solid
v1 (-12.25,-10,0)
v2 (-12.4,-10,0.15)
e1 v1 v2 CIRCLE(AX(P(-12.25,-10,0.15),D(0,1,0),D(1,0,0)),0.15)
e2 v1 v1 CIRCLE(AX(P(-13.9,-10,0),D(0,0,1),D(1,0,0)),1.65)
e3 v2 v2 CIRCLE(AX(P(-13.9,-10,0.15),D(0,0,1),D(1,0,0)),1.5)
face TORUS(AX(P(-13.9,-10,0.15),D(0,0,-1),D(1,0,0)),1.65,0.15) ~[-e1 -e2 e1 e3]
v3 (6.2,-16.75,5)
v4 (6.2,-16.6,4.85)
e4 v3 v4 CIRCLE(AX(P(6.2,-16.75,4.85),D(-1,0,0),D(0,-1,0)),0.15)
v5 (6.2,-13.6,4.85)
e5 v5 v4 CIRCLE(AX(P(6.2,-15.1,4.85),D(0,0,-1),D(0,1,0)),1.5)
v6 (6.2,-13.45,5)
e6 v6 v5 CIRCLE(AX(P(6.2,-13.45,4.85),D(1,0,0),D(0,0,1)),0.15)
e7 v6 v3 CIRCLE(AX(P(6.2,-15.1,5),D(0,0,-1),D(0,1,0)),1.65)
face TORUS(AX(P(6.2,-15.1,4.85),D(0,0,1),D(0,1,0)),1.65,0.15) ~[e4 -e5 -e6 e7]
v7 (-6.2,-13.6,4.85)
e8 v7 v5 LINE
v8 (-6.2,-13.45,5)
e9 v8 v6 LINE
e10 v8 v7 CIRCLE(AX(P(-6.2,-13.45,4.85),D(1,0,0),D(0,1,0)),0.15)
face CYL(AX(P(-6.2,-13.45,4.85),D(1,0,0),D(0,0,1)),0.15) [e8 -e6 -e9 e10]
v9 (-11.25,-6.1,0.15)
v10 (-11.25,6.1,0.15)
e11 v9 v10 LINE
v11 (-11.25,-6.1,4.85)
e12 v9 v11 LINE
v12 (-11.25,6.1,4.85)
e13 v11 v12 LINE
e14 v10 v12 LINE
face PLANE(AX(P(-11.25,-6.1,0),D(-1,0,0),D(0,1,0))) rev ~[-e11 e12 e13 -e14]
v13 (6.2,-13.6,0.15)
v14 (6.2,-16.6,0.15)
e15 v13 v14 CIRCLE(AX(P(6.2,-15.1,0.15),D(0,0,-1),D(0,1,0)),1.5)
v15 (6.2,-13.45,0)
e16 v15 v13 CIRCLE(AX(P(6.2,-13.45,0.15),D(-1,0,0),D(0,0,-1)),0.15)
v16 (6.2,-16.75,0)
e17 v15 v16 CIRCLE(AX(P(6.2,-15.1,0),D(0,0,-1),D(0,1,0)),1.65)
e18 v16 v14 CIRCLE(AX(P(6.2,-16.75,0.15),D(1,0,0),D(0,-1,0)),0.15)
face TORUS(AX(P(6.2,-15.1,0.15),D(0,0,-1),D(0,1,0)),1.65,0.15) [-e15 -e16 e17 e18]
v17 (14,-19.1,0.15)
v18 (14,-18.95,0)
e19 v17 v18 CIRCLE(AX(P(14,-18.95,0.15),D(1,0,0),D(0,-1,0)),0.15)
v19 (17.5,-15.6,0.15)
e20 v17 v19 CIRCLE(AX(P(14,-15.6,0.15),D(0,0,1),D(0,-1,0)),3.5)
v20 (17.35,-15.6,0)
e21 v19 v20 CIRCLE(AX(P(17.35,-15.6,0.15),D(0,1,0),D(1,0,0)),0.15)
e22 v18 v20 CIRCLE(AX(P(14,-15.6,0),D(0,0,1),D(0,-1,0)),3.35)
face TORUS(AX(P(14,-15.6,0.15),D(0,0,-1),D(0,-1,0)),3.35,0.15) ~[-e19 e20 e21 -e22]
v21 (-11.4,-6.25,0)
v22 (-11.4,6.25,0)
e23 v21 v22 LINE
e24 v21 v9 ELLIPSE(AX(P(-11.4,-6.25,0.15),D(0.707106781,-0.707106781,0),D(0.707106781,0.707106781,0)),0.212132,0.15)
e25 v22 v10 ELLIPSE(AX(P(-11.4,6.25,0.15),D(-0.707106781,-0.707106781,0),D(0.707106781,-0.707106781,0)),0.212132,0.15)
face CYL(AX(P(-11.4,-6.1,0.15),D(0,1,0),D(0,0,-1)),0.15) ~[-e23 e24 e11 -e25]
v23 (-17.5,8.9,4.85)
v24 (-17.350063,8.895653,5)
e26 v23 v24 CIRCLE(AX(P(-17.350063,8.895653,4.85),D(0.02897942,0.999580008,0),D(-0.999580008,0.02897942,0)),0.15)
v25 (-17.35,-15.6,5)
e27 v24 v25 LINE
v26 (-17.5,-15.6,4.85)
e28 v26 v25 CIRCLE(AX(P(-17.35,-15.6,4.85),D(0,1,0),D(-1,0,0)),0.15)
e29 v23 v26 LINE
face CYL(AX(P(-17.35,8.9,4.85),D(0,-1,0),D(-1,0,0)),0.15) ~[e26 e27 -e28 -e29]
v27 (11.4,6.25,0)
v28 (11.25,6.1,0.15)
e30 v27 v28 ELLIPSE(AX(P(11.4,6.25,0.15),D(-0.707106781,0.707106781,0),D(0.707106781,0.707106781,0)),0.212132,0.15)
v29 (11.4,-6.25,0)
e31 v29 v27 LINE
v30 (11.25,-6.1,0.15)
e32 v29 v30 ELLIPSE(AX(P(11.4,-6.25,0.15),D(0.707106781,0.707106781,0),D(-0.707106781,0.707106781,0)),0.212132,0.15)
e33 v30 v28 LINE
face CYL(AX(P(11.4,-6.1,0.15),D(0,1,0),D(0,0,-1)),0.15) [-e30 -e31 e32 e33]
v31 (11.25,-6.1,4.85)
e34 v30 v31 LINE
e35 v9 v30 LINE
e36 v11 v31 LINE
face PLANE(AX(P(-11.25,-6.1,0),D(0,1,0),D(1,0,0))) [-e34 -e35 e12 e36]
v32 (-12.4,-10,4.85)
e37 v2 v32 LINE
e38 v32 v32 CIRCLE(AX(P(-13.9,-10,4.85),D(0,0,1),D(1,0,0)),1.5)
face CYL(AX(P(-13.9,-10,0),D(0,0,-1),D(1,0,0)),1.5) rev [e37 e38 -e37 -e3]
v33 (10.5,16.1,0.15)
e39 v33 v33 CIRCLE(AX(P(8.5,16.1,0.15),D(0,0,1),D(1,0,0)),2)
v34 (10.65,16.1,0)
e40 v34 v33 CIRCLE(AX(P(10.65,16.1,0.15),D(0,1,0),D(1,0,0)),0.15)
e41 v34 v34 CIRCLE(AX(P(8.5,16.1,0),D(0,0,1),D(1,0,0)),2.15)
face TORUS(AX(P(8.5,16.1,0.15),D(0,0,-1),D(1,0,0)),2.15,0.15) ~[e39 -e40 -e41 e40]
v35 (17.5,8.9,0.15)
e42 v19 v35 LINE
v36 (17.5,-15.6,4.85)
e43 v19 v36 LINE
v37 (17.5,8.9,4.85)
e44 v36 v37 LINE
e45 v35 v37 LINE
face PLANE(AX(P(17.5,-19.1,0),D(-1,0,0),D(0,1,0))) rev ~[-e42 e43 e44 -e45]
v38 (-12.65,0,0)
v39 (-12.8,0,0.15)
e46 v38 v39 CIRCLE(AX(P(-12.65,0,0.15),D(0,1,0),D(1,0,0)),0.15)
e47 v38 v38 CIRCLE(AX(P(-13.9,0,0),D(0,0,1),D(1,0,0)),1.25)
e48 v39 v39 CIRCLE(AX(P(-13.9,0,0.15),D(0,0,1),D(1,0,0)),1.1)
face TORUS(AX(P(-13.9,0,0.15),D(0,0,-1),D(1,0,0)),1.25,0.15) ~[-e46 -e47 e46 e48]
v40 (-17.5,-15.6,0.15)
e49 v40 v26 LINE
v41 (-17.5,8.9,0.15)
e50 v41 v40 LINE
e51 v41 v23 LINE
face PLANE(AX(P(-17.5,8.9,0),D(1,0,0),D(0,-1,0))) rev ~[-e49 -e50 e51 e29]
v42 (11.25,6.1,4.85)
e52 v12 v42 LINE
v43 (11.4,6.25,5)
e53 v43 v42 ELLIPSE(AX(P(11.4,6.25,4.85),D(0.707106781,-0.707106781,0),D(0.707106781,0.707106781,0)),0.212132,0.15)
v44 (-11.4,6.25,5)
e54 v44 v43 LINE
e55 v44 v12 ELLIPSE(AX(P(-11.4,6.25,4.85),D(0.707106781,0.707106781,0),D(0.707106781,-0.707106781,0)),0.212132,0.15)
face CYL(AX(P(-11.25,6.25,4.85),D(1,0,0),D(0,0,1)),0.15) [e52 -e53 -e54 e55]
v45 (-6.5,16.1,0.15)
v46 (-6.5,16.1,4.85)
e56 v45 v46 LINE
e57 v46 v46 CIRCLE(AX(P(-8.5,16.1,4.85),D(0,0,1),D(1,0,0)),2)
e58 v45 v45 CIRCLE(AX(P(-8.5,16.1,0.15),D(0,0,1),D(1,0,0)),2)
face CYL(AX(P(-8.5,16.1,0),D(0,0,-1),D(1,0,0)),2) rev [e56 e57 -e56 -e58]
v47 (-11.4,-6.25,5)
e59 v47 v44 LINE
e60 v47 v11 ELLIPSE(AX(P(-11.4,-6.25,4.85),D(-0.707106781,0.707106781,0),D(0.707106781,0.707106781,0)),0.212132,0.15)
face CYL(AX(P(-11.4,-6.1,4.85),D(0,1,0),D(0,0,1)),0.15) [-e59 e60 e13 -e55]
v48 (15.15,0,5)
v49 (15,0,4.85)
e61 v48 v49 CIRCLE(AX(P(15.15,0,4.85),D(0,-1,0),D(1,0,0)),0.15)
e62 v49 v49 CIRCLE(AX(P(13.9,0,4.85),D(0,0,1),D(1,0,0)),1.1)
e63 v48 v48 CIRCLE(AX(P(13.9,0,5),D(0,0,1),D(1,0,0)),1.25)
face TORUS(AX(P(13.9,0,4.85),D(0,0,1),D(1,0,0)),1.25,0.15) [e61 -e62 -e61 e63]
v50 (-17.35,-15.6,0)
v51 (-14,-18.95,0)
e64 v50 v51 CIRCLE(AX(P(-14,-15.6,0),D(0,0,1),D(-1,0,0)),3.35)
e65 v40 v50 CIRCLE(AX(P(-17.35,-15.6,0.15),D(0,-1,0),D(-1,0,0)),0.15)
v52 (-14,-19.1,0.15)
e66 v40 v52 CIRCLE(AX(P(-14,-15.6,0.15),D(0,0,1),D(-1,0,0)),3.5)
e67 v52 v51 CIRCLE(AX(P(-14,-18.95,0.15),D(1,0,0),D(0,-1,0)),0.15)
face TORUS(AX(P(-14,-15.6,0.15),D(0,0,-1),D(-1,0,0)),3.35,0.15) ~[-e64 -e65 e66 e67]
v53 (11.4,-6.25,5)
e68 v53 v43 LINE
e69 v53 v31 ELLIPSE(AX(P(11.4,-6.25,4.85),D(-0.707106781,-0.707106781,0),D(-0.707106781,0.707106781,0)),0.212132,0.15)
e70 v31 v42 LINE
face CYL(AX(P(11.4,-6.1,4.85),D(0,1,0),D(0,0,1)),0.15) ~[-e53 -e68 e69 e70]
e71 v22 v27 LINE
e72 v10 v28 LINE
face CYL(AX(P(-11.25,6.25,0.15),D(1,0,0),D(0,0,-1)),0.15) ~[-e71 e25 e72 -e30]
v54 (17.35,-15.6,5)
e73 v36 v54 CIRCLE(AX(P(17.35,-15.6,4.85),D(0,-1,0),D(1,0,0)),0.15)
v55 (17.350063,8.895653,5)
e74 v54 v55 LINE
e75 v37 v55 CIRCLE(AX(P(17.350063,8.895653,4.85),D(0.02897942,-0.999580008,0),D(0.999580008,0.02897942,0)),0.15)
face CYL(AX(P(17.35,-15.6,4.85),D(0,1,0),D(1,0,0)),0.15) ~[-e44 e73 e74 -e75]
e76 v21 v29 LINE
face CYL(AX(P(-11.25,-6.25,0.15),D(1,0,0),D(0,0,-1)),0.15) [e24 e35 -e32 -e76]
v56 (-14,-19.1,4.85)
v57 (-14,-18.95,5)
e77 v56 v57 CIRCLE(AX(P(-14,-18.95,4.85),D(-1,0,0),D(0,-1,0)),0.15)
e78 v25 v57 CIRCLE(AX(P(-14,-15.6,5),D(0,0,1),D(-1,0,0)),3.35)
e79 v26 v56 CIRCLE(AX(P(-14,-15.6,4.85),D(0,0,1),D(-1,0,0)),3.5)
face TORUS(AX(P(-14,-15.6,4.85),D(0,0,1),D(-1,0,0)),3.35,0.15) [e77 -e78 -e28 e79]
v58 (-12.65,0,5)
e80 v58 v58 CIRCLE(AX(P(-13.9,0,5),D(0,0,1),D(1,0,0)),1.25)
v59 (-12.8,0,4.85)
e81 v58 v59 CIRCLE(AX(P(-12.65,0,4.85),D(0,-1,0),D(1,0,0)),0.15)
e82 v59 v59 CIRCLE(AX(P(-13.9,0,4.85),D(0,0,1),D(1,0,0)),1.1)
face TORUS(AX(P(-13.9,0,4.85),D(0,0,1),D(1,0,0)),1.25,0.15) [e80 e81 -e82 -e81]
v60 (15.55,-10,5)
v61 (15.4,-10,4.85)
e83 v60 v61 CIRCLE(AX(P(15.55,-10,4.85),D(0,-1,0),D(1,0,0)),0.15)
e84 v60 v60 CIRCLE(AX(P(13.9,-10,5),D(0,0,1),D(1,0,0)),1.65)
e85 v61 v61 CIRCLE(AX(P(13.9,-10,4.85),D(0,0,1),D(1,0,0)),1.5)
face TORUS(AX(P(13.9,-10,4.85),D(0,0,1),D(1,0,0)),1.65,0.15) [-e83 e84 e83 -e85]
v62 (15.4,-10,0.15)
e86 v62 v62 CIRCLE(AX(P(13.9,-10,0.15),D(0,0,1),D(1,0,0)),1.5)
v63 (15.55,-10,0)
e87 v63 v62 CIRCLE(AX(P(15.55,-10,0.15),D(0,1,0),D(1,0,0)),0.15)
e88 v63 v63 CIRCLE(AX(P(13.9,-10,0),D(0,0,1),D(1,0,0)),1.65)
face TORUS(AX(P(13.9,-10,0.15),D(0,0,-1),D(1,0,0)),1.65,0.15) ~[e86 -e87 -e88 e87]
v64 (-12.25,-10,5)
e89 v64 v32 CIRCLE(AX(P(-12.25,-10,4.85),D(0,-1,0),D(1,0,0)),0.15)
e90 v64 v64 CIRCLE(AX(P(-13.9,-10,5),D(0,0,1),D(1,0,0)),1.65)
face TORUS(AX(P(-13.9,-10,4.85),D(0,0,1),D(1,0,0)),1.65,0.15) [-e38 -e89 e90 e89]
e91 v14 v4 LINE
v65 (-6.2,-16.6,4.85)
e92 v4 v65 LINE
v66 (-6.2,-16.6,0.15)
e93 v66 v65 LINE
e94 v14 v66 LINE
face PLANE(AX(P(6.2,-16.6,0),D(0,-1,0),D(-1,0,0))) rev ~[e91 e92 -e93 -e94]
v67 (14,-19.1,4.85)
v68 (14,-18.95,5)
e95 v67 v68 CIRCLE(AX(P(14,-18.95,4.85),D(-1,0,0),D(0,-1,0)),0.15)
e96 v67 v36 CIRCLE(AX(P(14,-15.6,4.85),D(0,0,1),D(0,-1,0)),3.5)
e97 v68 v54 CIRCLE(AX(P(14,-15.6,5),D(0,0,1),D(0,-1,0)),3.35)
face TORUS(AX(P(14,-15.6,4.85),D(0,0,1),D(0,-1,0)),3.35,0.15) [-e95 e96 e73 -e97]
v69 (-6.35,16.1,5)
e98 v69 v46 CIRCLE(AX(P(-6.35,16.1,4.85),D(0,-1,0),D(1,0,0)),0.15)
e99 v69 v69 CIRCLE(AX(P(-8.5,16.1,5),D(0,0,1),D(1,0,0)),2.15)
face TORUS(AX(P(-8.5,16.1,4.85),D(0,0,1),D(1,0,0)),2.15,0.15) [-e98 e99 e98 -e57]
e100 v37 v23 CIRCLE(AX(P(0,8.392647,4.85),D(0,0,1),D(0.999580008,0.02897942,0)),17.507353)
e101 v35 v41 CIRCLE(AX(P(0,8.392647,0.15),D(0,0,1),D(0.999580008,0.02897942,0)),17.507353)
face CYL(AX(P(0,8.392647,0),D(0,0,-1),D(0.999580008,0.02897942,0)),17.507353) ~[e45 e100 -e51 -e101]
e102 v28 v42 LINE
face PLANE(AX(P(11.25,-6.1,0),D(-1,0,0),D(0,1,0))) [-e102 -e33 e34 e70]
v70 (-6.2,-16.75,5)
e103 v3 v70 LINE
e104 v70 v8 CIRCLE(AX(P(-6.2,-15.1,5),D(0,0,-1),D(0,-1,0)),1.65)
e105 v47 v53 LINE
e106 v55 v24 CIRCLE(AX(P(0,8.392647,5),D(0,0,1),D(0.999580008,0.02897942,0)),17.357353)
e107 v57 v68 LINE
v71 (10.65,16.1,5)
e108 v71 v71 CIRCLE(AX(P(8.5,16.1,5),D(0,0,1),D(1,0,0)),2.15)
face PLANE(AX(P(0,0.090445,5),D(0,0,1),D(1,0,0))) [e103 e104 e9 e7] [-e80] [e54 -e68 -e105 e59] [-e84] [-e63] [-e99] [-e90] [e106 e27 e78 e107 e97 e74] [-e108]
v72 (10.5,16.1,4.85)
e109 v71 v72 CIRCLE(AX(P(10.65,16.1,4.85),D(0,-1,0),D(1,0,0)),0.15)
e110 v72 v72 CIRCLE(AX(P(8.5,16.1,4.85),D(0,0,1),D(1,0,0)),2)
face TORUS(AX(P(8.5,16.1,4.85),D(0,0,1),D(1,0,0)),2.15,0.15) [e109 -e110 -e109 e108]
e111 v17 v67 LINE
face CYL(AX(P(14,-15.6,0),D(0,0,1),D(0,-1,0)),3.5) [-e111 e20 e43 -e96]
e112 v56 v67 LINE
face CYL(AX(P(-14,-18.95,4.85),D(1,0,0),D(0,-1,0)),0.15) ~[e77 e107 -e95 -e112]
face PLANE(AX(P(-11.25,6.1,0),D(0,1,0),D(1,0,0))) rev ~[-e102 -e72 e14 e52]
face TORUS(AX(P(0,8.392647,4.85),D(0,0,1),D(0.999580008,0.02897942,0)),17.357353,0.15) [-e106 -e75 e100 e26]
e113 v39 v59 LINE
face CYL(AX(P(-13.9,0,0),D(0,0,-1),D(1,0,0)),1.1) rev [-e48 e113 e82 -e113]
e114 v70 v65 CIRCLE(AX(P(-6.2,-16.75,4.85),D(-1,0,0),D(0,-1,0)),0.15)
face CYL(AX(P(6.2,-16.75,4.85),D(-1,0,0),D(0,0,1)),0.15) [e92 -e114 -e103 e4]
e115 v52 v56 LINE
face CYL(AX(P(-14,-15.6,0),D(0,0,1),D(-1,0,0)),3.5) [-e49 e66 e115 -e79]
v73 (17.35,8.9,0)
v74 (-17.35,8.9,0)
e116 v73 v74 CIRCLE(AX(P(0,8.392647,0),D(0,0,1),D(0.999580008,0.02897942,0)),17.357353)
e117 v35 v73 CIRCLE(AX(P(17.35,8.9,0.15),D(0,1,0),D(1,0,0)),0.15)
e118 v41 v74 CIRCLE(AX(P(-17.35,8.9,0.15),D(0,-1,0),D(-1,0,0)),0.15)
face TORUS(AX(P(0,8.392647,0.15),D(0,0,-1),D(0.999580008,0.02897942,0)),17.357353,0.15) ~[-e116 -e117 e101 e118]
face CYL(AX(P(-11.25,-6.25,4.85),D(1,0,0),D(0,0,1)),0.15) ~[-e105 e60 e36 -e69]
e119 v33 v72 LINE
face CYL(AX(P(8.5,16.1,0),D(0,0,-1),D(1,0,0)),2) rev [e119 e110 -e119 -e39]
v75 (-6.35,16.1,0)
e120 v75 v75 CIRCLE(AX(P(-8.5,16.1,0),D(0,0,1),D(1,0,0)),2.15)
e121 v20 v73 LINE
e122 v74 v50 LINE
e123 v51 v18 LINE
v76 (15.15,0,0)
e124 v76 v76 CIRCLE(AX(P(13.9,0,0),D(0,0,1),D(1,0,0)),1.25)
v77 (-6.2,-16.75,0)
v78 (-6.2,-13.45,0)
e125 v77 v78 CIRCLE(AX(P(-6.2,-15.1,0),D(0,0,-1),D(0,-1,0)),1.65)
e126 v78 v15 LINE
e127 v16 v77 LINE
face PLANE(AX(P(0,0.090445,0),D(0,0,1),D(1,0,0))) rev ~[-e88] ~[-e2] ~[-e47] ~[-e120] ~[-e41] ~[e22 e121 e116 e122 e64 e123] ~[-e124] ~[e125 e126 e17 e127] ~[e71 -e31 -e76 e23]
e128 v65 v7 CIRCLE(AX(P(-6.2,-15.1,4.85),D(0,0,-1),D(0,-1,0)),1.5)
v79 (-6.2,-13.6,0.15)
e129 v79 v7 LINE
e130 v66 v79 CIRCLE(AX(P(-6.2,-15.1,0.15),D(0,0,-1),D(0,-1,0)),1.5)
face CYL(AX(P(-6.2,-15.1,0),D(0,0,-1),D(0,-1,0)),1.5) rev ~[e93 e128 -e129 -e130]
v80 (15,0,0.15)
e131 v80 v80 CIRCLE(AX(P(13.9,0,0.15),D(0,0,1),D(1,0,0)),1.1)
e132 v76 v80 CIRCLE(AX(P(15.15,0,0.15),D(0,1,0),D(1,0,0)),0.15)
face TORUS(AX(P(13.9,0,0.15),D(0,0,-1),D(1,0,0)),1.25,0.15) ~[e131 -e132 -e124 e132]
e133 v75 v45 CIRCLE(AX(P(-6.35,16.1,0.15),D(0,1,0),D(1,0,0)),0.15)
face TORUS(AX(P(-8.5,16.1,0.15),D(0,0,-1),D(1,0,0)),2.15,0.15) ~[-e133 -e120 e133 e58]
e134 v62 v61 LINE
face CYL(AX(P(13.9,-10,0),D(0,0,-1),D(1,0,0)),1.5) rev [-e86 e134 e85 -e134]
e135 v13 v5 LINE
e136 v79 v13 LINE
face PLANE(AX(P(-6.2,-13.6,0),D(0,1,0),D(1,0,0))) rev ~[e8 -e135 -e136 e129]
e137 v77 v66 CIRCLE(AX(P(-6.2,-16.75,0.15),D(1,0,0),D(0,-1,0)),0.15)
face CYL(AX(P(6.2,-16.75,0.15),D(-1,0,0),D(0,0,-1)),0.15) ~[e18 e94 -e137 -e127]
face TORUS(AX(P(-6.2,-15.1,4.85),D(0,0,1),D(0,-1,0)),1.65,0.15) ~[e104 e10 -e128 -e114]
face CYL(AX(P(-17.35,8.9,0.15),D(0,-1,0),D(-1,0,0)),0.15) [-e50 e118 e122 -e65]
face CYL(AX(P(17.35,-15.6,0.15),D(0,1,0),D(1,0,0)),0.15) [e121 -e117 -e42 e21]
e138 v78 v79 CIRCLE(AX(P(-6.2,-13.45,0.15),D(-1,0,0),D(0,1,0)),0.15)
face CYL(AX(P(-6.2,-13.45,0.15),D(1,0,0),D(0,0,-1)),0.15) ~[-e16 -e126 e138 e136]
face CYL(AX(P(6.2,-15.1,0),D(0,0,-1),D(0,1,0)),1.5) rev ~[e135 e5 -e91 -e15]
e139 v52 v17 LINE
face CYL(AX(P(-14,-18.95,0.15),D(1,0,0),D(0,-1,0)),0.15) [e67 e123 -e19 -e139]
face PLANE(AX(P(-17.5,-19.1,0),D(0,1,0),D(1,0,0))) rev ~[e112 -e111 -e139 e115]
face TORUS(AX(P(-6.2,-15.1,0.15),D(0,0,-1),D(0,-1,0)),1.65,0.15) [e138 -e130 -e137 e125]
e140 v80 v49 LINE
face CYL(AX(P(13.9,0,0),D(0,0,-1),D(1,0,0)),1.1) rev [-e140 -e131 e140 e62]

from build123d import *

# Parameters (mm, degrees)
SZKIC1_R                    = 1.1
SZKIC1_R_2                  = 1.5
SZKIC1_R_3                  = 2
SZKIC1_W                    = 22.5
SZKIC1_H                    = 12.2
DODANIE_WYCI_GNI_CIE1_DEPTH = 5
ZAOKR_GLENIE1_R             = 3.5
ZAOKR_GLENIE2_R             = 0.15


with BuildPart() as part:
    # Szkic1 → Dodanie-wyciągnięcie1 (new body)
    with BuildSketch(Plane.XY):
        with BuildLine():
            Line((-17.5, 8.9), (-17.5, -19.1))
            Line((-17.5, -19.1), (17.5, -19.1))
            Line((17.5, -19.1), (17.5, 8.9))
            ThreePointArc((17.5, 8.9), (0, 25.9), (-17.5, 8.9))
        make_face()
        with Locations((-13.9, 0)):
            Circle(SZKIC1_R, mode=Mode.SUBTRACT)
        with Locations((-13.9, -10)):
            Circle(SZKIC1_R_2, mode=Mode.SUBTRACT)
        with Locations((-8.5, 16.1)):
            Circle(SZKIC1_R_3, mode=Mode.SUBTRACT)
        with Locations((13.9, -10)):
            Circle(SZKIC1_R_2, mode=Mode.SUBTRACT)
        with Locations((13.9, 0)):
            Circle(SZKIC1_R, mode=Mode.SUBTRACT)
        with Locations((8.5, 16.1)):
            Circle(SZKIC1_R_3, mode=Mode.SUBTRACT)
        Rectangle(SZKIC1_W, SZKIC1_H, mode=Mode.SUBTRACT)
        with BuildLine():
            Line((-6.2, -13.6), (6.2, -13.6))
            ThreePointArc((6.2, -13.6), (7.7, -15.1), (6.2, -16.6))
            Line((6.2, -16.6), (-6.2, -16.6))
            ThreePointArc((-6.2, -16.6), (-7.7, -15.1), (-6.2, -13.6))
        make_face(mode=Mode.SUBTRACT)
    extrude(amount=DODANIE_WYCI_GNI_CIE1_DEPTH)

    # Zaokrąglenie1
    zaokr_glenie1_edges = [part.edges().sort_by_distance(p)[0] for p in [
        (17.5, -19.1, 2.5),
        (-17.5, -19.1, 2.5),
    ]]
    fillet(zaokr_glenie1_edges, radius=ZAOKR_GLENIE1_R)

    # Zaokrąglenie2
    zaokr_glenie2_edges = [part.edges().sort_by_distance(p)[0] for p in [
        (11.25, 0, 0),
        (0, 6.1, 0),
        (-11.25, 0, 0),
        (0, -6.1, 0),
        (11.25, 0, 5),
        (0, 6.1, 5),
        (-11.25, 0, 5),
        (0, -6.1, 5),
        (-15, 0, 0),
        (-15, 0, 5),
        (-15.4, -10, 0),
        (-15.4, -10, 5),
        (-7.7, -15.1, 0),
        (0, -16.6, 0),
        (7.7, -15.1, 0),
        (0, -13.6, 0),
        (-7.7, -15.1, 5),
        (0, -16.6, 5),
        (7.7, -15.1, 5),
        (0, -13.6, 5),
        (0, 25.9, 5),
        (-10.5, 16.1, 0),
        (-10.5, 16.1, 5),
        (12.4, -10, 0),
        (12.4, -10, 5),
        (-17.5, -3.35, 0),
        (12.8, 0, 0),
        (12.8, 0, 5),
        (0, 25.9, 0),
        (6.5, 16.1, 0),
        (6.5, 16.1, 5),
        (0, -19.1, 0),
        (0, -19.1, 5),
        (17.5, -3.35, 0),
        (16.474873734, -18.074873734, 0),
        (-16.474873734, -18.074873734, 0),
        (-17.5, -3.35, 5),
        (17.5, -3.35, 5),
        (16.474873734, -18.074873734, 5),
        (-16.474873734, -18.074873734, 5),
    ]]
    fillet(zaokr_glenie2_edges, radius=ZAOKR_GLENIE2_R)


solid = part.part
